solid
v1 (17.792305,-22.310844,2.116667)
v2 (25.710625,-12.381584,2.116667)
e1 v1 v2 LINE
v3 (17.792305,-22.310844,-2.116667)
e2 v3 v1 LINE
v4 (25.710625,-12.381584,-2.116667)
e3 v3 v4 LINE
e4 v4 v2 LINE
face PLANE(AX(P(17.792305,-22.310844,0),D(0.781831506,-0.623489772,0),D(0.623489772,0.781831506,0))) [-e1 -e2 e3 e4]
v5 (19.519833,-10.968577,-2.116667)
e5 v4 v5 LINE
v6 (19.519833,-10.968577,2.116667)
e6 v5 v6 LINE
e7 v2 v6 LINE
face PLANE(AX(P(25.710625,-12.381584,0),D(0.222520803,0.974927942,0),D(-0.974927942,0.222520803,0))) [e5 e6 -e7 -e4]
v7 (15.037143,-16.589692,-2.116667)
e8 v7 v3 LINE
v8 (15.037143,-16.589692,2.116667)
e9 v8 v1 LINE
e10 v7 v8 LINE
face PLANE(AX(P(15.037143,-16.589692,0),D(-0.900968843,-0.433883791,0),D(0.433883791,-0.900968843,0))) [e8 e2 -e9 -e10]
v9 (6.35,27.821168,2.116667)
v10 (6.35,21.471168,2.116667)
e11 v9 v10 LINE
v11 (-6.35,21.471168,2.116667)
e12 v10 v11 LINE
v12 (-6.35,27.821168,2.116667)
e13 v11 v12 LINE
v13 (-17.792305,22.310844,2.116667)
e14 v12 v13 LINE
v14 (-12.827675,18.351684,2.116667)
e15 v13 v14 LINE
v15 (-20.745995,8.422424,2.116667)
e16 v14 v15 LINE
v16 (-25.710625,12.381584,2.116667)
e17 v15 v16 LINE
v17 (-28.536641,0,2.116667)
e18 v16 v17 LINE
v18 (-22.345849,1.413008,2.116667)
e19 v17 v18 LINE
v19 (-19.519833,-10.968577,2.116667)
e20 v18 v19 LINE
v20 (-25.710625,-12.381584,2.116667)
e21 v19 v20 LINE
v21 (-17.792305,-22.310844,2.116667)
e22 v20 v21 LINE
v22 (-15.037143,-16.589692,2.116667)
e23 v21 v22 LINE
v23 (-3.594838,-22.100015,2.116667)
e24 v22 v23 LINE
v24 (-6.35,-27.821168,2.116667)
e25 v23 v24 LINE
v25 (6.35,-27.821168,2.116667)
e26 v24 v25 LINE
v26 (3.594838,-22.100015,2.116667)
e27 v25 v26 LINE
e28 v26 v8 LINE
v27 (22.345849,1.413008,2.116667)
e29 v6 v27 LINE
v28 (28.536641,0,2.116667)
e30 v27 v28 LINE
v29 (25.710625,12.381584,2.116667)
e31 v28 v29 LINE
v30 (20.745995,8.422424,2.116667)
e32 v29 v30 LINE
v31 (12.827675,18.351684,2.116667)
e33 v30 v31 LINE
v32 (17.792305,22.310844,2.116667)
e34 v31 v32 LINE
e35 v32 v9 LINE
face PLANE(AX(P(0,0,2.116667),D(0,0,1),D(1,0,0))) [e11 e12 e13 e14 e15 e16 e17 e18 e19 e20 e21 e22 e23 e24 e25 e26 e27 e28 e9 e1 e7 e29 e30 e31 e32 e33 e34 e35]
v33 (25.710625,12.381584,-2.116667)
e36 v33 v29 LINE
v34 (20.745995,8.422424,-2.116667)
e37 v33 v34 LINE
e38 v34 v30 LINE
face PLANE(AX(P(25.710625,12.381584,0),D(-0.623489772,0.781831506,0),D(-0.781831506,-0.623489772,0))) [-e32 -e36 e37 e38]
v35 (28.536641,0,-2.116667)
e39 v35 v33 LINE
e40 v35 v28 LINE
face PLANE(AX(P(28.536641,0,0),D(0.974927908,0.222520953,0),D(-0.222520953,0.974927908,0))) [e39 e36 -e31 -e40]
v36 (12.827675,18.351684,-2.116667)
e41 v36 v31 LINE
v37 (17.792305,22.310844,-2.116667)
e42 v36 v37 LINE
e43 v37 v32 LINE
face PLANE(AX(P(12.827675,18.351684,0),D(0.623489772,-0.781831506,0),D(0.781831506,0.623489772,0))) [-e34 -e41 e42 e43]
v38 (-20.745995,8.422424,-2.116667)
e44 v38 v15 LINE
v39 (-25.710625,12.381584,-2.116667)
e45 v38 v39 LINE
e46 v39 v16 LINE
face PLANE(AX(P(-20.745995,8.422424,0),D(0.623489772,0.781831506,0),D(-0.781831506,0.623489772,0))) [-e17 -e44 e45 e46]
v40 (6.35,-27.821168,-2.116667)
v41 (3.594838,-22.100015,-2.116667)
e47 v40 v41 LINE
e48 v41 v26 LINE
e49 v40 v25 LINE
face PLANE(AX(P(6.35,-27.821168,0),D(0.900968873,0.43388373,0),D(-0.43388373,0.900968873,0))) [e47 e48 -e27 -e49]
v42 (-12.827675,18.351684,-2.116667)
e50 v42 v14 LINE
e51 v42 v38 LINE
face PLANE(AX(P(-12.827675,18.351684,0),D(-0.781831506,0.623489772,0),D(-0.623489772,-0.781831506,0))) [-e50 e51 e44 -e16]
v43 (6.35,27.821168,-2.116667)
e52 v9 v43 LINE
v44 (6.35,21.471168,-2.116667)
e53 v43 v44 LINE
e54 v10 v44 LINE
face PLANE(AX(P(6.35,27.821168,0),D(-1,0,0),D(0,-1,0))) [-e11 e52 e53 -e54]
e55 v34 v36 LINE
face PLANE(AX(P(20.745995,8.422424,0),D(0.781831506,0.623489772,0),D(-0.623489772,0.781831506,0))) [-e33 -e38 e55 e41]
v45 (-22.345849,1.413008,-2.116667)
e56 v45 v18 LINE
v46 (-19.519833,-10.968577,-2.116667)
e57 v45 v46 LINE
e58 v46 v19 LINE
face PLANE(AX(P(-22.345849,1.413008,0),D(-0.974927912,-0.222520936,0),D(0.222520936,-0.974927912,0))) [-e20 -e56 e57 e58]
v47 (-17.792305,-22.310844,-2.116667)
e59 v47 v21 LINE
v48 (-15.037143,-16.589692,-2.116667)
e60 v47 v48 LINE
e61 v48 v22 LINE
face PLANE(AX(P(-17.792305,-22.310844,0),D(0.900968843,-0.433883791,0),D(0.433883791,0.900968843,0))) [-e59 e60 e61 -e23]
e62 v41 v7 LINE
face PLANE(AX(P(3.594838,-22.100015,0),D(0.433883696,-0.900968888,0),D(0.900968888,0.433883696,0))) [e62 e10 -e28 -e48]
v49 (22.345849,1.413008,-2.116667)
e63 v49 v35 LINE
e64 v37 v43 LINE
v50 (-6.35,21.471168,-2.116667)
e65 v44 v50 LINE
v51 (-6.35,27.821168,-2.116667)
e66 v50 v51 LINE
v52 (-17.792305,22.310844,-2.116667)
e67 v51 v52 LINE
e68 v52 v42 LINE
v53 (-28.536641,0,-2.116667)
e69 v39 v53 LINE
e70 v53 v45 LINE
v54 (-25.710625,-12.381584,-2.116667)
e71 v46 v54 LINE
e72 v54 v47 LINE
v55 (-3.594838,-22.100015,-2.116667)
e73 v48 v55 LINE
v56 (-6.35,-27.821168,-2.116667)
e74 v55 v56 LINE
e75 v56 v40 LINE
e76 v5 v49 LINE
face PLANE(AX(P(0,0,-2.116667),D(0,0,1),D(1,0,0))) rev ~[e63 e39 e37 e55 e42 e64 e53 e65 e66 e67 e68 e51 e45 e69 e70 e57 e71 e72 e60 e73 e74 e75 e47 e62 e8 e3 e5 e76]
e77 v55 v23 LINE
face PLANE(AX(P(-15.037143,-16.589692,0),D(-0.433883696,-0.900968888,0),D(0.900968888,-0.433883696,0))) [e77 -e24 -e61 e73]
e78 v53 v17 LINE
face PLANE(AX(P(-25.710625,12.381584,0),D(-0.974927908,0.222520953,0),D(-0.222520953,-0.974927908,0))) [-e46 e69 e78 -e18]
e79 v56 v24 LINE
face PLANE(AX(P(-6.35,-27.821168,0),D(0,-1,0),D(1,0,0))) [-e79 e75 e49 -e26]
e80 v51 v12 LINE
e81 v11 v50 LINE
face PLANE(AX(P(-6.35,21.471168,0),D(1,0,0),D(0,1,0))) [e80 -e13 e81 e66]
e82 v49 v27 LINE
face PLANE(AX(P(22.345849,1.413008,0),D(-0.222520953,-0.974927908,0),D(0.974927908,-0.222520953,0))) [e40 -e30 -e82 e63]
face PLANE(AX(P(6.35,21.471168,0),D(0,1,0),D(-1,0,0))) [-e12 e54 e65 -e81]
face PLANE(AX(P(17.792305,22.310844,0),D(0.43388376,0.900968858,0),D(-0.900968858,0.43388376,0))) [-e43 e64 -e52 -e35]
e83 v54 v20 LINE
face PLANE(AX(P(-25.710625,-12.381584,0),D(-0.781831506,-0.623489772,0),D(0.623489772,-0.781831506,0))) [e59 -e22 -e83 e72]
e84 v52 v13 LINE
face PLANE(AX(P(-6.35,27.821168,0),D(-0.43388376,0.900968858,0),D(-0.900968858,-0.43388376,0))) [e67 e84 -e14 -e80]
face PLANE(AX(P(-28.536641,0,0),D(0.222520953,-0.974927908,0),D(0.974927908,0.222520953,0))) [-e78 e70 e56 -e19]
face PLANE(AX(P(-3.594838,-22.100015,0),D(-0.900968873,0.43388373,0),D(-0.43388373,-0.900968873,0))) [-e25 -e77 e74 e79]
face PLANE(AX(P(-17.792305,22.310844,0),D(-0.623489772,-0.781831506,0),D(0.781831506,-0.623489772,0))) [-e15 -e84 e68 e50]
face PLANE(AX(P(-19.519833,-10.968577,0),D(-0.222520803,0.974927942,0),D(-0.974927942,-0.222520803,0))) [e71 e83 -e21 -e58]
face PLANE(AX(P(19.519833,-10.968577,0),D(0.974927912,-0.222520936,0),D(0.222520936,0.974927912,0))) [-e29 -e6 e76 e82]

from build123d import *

# Parameters (mm, degrees)
F1_DEPTH = 2.116667


with BuildPart() as f1:
    # F0 (on Top) → F1 (new body, symmetric)
    with BuildSketch(Plane.XY):
        Polygon((-6.35, 21.471168), (-6.35, 27.821168), (-17.792305, 22.310844), (-12.827675, 18.351684), (-20.745995, 8.422424), (-25.710625, 12.381584), (-28.536641, 0), (-22.345849, 1.413008), (-19.519833, -10.968577), (-25.710625, -12.381584), (-17.792305, -22.310844), (-15.037143, -16.589692), (-3.594838, -22.100015), (-6.35, -27.821168), (6.35, -27.821168), (3.594838, -22.100015), (15.037143, -16.589692), (17.792305, -22.310844), (25.710625, -12.381584), (19.519833, -10.968577), (22.345849, 1.413008), (28.536641, 0), (25.710625, 12.381584), (20.745995, 8.422424), (12.827675, 18.351684), (17.792305, 22.310844), (6.35, 27.821168), (6.35, 21.471168), align=None)
    extrude(amount=F1_DEPTH, both=True)


solid = f1.part
